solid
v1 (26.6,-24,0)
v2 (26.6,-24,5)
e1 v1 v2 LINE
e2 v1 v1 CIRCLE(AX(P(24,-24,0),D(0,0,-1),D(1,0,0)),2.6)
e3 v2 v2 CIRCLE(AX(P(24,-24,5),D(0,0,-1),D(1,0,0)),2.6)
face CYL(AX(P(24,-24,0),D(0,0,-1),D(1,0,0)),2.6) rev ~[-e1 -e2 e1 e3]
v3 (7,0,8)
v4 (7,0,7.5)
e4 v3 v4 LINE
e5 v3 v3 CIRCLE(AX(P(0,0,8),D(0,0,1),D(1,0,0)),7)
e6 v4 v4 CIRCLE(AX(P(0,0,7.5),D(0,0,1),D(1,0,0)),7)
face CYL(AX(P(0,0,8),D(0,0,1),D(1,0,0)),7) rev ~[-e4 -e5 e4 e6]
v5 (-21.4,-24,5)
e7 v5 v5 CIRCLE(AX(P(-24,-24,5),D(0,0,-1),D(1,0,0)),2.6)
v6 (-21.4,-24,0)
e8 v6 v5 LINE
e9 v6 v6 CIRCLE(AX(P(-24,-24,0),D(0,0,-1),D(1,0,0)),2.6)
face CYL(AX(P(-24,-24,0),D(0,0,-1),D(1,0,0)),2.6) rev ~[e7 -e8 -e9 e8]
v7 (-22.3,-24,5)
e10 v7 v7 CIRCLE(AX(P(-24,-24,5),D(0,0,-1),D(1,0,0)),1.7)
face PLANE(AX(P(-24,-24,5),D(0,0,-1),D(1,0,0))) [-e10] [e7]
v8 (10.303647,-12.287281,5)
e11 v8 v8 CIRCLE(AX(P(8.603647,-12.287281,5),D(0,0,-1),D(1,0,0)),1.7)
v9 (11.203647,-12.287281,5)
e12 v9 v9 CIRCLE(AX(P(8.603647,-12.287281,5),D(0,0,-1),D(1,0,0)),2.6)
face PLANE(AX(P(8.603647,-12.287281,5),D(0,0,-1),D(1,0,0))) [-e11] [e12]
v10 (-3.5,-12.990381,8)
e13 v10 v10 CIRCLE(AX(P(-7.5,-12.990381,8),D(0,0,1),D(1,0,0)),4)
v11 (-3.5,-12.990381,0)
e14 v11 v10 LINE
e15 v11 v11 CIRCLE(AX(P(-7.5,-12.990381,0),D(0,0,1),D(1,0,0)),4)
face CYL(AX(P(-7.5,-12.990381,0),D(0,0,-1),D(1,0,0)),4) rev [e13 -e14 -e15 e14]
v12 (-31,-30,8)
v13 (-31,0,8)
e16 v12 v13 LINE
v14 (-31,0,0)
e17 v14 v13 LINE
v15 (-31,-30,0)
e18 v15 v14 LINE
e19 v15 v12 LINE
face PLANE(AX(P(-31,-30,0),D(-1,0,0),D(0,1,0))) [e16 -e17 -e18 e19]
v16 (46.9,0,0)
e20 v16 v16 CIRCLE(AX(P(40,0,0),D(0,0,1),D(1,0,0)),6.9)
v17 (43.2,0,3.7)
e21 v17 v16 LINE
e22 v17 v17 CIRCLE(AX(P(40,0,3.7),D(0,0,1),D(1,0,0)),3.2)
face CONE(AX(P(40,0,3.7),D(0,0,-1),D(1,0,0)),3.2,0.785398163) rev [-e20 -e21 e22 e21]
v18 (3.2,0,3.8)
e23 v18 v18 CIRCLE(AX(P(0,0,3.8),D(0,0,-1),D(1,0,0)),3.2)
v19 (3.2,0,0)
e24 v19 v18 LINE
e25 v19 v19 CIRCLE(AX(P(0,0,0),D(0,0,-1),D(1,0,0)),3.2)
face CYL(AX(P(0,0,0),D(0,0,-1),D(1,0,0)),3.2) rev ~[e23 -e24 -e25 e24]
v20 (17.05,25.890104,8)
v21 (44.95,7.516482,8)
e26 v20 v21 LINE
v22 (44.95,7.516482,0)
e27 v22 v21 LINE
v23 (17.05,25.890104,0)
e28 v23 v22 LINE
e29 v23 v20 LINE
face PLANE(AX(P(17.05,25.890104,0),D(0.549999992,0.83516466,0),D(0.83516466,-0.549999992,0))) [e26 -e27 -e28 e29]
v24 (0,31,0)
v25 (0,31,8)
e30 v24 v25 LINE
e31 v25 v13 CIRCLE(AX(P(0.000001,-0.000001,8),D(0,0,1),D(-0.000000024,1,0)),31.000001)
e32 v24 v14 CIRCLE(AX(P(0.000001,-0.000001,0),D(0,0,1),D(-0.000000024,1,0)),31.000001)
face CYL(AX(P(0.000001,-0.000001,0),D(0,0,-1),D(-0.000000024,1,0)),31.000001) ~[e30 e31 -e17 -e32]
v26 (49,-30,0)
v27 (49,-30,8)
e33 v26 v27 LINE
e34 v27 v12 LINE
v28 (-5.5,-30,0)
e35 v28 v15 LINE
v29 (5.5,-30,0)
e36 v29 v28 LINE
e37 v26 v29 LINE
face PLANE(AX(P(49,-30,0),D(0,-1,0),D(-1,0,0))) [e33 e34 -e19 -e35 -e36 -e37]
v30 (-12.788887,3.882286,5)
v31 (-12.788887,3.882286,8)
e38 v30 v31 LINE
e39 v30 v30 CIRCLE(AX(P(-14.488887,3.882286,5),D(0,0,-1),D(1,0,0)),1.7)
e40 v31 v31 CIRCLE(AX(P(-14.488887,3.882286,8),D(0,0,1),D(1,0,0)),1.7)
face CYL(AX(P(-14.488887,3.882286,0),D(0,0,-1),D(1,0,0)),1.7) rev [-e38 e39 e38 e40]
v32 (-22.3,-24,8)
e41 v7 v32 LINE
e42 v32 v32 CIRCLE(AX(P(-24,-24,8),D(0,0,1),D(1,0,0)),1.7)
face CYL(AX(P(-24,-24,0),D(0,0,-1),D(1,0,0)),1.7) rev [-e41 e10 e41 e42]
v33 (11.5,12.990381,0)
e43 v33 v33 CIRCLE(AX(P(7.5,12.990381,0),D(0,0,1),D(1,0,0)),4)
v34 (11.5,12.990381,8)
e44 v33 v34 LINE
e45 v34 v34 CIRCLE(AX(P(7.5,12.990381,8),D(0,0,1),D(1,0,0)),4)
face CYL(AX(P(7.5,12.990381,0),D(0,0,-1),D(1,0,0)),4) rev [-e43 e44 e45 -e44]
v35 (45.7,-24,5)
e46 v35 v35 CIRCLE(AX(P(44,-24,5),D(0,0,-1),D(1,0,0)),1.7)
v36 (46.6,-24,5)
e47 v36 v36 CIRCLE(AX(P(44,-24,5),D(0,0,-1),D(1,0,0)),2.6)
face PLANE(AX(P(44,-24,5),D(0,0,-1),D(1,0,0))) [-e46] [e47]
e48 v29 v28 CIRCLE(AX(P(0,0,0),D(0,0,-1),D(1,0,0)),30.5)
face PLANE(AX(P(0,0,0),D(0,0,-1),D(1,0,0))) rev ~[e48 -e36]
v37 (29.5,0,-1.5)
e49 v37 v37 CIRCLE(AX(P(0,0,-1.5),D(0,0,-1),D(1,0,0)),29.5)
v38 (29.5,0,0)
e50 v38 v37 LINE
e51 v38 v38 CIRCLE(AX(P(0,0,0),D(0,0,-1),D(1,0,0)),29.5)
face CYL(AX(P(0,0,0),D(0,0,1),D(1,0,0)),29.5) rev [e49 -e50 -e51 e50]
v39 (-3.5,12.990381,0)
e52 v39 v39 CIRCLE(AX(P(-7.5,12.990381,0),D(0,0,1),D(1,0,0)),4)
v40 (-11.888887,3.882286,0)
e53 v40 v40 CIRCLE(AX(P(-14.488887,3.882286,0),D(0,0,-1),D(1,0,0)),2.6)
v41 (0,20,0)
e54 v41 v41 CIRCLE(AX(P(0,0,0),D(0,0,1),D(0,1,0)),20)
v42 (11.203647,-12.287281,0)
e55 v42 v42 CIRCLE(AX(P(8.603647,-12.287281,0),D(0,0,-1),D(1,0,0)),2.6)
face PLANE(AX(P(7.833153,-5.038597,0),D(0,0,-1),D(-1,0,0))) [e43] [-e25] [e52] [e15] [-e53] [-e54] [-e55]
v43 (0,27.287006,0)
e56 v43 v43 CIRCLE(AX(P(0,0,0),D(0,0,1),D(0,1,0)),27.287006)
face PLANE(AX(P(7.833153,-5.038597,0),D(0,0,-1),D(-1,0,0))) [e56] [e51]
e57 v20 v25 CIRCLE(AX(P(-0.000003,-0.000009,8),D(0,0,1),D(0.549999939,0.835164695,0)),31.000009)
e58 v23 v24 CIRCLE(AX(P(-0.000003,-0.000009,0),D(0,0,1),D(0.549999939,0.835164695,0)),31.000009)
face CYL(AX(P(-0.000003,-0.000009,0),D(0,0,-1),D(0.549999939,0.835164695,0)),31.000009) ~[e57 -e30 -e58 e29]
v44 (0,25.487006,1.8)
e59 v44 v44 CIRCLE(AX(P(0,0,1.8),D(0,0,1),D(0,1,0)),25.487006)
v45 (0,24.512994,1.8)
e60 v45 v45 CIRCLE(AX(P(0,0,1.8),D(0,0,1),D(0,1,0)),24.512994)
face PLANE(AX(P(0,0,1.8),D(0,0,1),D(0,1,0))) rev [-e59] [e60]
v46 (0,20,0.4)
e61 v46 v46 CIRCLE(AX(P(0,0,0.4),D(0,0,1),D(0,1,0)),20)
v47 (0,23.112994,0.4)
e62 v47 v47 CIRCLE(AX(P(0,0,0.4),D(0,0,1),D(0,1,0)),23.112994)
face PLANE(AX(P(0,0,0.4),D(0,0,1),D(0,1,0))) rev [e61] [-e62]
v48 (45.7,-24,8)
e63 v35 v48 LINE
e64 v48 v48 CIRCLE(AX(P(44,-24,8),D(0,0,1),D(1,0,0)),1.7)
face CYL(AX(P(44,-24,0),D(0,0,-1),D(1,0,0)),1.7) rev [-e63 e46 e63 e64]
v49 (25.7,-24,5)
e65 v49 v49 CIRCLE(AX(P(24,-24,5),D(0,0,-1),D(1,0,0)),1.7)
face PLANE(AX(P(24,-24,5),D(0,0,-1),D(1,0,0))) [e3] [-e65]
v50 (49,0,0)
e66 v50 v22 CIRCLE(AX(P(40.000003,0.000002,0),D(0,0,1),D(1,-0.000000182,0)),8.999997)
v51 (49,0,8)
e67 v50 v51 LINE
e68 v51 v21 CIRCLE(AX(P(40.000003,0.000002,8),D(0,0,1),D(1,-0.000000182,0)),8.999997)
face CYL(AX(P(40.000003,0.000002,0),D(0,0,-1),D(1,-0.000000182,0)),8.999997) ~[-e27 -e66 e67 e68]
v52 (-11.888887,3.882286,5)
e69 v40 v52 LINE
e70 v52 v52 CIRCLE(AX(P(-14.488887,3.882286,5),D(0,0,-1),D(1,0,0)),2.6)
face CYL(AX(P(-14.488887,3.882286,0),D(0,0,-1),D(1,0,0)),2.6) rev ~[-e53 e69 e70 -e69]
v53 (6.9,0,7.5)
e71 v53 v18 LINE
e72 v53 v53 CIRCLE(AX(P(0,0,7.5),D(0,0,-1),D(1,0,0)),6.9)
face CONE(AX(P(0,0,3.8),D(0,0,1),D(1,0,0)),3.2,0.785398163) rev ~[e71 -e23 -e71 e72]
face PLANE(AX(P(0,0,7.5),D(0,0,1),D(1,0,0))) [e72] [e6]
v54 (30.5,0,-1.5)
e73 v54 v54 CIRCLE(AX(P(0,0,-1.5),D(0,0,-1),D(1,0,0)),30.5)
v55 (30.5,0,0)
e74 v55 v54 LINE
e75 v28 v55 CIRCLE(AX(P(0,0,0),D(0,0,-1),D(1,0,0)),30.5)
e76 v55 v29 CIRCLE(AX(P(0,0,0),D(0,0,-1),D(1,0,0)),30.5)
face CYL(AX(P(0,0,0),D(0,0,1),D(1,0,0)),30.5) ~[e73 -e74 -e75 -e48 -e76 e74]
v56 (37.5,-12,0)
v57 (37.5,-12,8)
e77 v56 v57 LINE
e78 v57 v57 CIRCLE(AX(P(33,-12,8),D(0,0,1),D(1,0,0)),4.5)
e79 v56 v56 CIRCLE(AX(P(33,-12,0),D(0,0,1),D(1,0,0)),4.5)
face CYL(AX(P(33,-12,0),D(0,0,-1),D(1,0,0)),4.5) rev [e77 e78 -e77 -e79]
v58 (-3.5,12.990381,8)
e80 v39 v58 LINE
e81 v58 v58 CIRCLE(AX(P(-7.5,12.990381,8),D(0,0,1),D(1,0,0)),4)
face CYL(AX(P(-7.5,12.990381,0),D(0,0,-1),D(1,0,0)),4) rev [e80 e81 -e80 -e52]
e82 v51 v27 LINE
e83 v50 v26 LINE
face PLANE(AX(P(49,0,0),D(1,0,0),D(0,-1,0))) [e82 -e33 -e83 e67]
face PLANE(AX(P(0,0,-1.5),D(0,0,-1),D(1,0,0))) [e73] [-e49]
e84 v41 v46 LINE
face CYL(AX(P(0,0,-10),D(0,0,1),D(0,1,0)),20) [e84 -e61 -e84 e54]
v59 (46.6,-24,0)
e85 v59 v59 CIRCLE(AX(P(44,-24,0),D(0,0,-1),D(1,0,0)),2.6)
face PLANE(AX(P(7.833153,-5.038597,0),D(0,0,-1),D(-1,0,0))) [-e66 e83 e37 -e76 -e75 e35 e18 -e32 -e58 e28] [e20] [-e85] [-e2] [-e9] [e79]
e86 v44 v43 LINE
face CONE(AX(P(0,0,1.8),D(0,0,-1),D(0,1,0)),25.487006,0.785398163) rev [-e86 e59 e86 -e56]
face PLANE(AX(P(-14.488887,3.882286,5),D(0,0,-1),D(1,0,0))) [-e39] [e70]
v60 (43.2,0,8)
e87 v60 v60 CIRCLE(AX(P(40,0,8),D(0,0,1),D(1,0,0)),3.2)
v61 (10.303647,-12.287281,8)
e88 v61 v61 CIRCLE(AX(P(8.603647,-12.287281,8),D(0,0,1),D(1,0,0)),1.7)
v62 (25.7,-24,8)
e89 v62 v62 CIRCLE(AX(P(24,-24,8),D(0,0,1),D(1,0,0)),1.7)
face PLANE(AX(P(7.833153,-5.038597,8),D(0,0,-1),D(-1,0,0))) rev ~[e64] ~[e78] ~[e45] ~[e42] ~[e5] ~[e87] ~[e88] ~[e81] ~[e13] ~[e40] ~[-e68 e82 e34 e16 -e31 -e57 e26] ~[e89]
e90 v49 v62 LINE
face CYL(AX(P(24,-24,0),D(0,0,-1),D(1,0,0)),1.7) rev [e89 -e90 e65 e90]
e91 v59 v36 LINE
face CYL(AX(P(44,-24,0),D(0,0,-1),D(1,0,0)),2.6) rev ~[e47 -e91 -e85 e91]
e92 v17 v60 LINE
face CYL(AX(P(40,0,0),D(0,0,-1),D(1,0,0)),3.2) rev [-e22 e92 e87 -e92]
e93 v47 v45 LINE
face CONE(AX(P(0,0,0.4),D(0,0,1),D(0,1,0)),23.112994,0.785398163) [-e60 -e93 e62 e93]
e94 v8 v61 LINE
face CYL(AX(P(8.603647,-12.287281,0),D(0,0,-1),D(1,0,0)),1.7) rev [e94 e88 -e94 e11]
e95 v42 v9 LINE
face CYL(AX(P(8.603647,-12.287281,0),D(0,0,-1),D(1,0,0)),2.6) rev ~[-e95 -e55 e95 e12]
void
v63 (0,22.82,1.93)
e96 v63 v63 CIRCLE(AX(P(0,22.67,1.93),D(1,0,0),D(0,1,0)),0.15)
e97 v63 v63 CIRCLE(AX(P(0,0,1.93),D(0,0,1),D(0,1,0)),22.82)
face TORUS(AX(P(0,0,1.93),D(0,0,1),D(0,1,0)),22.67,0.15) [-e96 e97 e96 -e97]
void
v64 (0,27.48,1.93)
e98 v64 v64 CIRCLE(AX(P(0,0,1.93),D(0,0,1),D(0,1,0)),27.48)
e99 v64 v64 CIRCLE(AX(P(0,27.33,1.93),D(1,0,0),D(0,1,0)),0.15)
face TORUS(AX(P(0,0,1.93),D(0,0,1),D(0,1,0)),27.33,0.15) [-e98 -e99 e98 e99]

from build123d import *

# Parameters (mm, degrees)
SKETCH_R             = 3.2
SKETCH_R_2           = 1.7
SKETCH_R_3           = 4.5
SKETCH_R_4           = 4
SKETCH_W             = 1.5
SKETCH_H             = 4
PAD_DEPTH            = 8
SKETCH027_R          = 0.15
SKETCH028_R          = 0.15
SKETCH003_R          = 3.2
POCKET001_DEPTH      = 8.001
POCKET001_DEPTH_BACK = 0.001
SKETCH004_R          = 7
POCKET_DEPTH         = 0.5
SKETCH029_R          = 2.6
POCKET002_DEPTH      = 5
SKETCH030_R          = 30.5
SKETCH030_R_2        = 29.5
PAD001_DEPTH         = 1.5
CHAMFER_SIZE         = 3.7
CHAMFER001_SIZE      = 3.7


with BuildPart() as part:
    # Sketch → Pad (new body)
    with BuildSketch(Plane.XY):
        with BuildLine():
            Line((49, -30), (-31, -30))
            Line((-31, -30), (-31, 0))
            ThreePointArc((0, 31), (-21.92031, 21.92031), (-31, 0))
            ThreePointArc((17.05, 25.890104), (8.899628, 29.69506), (0, 31))
            Line((17.05, 25.890104), (44.95, 7.516482))
            ThreePointArc((49, 0), (47.923068, 4.269075), (44.95, 7.516482))
            Line((49, 0), (49, -30))
        make_face()
        with Locations((40, 0)):
            Circle(SKETCH_R, mode=Mode.SUBTRACT)
        with Locations((-24, -24)):
            Circle(SKETCH_R_2, mode=Mode.SUBTRACT)
        with Locations((24, -24)):
            Circle(SKETCH_R_2, mode=Mode.SUBTRACT)
        with Locations((-14.488887, 3.882286)):
            Circle(SKETCH_R_2, mode=Mode.SUBTRACT)
        with Locations((8.603647, -12.287281)):
            Circle(SKETCH_R_2, mode=Mode.SUBTRACT)
        with Locations((44, -24)):
            Circle(SKETCH_R_2, mode=Mode.SUBTRACT)
        with Locations((33, -12)):
            Circle(SKETCH_R_3, mode=Mode.SUBTRACT)
        with Locations((-7.5, 12.990381)):
            Circle(SKETCH_R_4, mode=Mode.SUBTRACT)
        with Locations((7.5, 12.990381)):
            Circle(SKETCH_R_4, mode=Mode.SUBTRACT)
        with Locations((-7.5, -12.990381)):
            Circle(SKETCH_R_4, mode=Mode.SUBTRACT)
        with Locations((0.75, 0)):
            Rectangle(SKETCH_W, SKETCH_H, mode=Mode.SUBTRACT)
    extrude(amount=PAD_DEPTH)

    # Sketch002 → Groove (revolve, cut)
    with BuildSketch(Plane.YZ):
        Polygon((23.112994, 0.4), (24.512994, 1.8), (25.487006, 1.8), (27.287006, 0), (27.287006, -10), (20, -10), (20, 0.4), align=None)
    revolve(axis=Axis((0, 0, 0), (0, 0, 1)), mode=Mode.SUBTRACT)

    # Sketch027 → Groove001 (revolve, cut)
    with BuildSketch(Plane.YZ):
        with Locations((22.67, 1.93)):
            Circle(SKETCH027_R)
    revolve(axis=Axis((0, 0, 0), (0, 0, 1)), mode=Mode.SUBTRACT)

    # Sketch028 → Groove002 (revolve, cut)
    with BuildSketch(Plane.YZ):
        with Locations((27.33, 1.93)):
            Circle(SKETCH028_R)
    revolve(axis=Axis((0, 0, 0), (0, 0, 1)), mode=Mode.SUBTRACT)

    # Sketch003 → Pocket001 (cut, two sides)
    with BuildSketch(Plane(origin=(0, 0, 0), x_dir=(1, 0, 0), z_dir=(0, 0, -1))) as pocket001_sk:
        Circle(SKETCH003_R)
    extrude(amount=-POCKET001_DEPTH, mode=Mode.SUBTRACT)
    extrude(pocket001_sk.sketch, amount=POCKET001_DEPTH_BACK, mode=Mode.SUBTRACT)

    # Sketch004 → Pocket (cut)
    with BuildSketch(Plane.XY.offset(8)):
        Circle(SKETCH004_R)
    extrude(amount=-POCKET_DEPTH, mode=Mode.SUBTRACT)

    # Sketch029 → Pocket002 (cut)
    with BuildSketch(Plane(origin=(0, 0, 0), x_dir=(1, 0, 0), z_dir=(0, 0, -1))):
        with Locations((-24, 24)):
            Circle(SKETCH029_R)
        with Locations((24, 24)):
            Circle(SKETCH029_R)
        with Locations((44, 24)):
            Circle(SKETCH029_R)
        with Locations((-14.488887, -3.882286)):
            Circle(SKETCH029_R)
        with Locations((8.603647, 12.287281)):
            Circle(SKETCH029_R)
    extrude(amount=-POCKET002_DEPTH, mode=Mode.SUBTRACT)

    # Sketch030 → Pad001 (new body)
    with BuildSketch(Plane(origin=(0, 0, 0), x_dir=(1, 0, 0), z_dir=(0, 0, -1))):
        Circle(SKETCH030_R)
        Circle(SKETCH030_R_2, mode=Mode.SUBTRACT)
    extrude(amount=PAD001_DEPTH)

    # Chamfer
    chamfer_edges = [part.edges().sort_by_distance(p)[0] for p in [
        (-3.2, 0, 7.5),
    ]]
    chamfer(chamfer_edges, length=CHAMFER_SIZE)

    # Chamfer001
    chamfer001_edges = [part.edges().sort_by_distance(p)[0] for p in [
        (36.8, 0, 0),
    ]]
    chamfer(chamfer001_edges, length=CHAMFER001_SIZE)


solid = part.part
